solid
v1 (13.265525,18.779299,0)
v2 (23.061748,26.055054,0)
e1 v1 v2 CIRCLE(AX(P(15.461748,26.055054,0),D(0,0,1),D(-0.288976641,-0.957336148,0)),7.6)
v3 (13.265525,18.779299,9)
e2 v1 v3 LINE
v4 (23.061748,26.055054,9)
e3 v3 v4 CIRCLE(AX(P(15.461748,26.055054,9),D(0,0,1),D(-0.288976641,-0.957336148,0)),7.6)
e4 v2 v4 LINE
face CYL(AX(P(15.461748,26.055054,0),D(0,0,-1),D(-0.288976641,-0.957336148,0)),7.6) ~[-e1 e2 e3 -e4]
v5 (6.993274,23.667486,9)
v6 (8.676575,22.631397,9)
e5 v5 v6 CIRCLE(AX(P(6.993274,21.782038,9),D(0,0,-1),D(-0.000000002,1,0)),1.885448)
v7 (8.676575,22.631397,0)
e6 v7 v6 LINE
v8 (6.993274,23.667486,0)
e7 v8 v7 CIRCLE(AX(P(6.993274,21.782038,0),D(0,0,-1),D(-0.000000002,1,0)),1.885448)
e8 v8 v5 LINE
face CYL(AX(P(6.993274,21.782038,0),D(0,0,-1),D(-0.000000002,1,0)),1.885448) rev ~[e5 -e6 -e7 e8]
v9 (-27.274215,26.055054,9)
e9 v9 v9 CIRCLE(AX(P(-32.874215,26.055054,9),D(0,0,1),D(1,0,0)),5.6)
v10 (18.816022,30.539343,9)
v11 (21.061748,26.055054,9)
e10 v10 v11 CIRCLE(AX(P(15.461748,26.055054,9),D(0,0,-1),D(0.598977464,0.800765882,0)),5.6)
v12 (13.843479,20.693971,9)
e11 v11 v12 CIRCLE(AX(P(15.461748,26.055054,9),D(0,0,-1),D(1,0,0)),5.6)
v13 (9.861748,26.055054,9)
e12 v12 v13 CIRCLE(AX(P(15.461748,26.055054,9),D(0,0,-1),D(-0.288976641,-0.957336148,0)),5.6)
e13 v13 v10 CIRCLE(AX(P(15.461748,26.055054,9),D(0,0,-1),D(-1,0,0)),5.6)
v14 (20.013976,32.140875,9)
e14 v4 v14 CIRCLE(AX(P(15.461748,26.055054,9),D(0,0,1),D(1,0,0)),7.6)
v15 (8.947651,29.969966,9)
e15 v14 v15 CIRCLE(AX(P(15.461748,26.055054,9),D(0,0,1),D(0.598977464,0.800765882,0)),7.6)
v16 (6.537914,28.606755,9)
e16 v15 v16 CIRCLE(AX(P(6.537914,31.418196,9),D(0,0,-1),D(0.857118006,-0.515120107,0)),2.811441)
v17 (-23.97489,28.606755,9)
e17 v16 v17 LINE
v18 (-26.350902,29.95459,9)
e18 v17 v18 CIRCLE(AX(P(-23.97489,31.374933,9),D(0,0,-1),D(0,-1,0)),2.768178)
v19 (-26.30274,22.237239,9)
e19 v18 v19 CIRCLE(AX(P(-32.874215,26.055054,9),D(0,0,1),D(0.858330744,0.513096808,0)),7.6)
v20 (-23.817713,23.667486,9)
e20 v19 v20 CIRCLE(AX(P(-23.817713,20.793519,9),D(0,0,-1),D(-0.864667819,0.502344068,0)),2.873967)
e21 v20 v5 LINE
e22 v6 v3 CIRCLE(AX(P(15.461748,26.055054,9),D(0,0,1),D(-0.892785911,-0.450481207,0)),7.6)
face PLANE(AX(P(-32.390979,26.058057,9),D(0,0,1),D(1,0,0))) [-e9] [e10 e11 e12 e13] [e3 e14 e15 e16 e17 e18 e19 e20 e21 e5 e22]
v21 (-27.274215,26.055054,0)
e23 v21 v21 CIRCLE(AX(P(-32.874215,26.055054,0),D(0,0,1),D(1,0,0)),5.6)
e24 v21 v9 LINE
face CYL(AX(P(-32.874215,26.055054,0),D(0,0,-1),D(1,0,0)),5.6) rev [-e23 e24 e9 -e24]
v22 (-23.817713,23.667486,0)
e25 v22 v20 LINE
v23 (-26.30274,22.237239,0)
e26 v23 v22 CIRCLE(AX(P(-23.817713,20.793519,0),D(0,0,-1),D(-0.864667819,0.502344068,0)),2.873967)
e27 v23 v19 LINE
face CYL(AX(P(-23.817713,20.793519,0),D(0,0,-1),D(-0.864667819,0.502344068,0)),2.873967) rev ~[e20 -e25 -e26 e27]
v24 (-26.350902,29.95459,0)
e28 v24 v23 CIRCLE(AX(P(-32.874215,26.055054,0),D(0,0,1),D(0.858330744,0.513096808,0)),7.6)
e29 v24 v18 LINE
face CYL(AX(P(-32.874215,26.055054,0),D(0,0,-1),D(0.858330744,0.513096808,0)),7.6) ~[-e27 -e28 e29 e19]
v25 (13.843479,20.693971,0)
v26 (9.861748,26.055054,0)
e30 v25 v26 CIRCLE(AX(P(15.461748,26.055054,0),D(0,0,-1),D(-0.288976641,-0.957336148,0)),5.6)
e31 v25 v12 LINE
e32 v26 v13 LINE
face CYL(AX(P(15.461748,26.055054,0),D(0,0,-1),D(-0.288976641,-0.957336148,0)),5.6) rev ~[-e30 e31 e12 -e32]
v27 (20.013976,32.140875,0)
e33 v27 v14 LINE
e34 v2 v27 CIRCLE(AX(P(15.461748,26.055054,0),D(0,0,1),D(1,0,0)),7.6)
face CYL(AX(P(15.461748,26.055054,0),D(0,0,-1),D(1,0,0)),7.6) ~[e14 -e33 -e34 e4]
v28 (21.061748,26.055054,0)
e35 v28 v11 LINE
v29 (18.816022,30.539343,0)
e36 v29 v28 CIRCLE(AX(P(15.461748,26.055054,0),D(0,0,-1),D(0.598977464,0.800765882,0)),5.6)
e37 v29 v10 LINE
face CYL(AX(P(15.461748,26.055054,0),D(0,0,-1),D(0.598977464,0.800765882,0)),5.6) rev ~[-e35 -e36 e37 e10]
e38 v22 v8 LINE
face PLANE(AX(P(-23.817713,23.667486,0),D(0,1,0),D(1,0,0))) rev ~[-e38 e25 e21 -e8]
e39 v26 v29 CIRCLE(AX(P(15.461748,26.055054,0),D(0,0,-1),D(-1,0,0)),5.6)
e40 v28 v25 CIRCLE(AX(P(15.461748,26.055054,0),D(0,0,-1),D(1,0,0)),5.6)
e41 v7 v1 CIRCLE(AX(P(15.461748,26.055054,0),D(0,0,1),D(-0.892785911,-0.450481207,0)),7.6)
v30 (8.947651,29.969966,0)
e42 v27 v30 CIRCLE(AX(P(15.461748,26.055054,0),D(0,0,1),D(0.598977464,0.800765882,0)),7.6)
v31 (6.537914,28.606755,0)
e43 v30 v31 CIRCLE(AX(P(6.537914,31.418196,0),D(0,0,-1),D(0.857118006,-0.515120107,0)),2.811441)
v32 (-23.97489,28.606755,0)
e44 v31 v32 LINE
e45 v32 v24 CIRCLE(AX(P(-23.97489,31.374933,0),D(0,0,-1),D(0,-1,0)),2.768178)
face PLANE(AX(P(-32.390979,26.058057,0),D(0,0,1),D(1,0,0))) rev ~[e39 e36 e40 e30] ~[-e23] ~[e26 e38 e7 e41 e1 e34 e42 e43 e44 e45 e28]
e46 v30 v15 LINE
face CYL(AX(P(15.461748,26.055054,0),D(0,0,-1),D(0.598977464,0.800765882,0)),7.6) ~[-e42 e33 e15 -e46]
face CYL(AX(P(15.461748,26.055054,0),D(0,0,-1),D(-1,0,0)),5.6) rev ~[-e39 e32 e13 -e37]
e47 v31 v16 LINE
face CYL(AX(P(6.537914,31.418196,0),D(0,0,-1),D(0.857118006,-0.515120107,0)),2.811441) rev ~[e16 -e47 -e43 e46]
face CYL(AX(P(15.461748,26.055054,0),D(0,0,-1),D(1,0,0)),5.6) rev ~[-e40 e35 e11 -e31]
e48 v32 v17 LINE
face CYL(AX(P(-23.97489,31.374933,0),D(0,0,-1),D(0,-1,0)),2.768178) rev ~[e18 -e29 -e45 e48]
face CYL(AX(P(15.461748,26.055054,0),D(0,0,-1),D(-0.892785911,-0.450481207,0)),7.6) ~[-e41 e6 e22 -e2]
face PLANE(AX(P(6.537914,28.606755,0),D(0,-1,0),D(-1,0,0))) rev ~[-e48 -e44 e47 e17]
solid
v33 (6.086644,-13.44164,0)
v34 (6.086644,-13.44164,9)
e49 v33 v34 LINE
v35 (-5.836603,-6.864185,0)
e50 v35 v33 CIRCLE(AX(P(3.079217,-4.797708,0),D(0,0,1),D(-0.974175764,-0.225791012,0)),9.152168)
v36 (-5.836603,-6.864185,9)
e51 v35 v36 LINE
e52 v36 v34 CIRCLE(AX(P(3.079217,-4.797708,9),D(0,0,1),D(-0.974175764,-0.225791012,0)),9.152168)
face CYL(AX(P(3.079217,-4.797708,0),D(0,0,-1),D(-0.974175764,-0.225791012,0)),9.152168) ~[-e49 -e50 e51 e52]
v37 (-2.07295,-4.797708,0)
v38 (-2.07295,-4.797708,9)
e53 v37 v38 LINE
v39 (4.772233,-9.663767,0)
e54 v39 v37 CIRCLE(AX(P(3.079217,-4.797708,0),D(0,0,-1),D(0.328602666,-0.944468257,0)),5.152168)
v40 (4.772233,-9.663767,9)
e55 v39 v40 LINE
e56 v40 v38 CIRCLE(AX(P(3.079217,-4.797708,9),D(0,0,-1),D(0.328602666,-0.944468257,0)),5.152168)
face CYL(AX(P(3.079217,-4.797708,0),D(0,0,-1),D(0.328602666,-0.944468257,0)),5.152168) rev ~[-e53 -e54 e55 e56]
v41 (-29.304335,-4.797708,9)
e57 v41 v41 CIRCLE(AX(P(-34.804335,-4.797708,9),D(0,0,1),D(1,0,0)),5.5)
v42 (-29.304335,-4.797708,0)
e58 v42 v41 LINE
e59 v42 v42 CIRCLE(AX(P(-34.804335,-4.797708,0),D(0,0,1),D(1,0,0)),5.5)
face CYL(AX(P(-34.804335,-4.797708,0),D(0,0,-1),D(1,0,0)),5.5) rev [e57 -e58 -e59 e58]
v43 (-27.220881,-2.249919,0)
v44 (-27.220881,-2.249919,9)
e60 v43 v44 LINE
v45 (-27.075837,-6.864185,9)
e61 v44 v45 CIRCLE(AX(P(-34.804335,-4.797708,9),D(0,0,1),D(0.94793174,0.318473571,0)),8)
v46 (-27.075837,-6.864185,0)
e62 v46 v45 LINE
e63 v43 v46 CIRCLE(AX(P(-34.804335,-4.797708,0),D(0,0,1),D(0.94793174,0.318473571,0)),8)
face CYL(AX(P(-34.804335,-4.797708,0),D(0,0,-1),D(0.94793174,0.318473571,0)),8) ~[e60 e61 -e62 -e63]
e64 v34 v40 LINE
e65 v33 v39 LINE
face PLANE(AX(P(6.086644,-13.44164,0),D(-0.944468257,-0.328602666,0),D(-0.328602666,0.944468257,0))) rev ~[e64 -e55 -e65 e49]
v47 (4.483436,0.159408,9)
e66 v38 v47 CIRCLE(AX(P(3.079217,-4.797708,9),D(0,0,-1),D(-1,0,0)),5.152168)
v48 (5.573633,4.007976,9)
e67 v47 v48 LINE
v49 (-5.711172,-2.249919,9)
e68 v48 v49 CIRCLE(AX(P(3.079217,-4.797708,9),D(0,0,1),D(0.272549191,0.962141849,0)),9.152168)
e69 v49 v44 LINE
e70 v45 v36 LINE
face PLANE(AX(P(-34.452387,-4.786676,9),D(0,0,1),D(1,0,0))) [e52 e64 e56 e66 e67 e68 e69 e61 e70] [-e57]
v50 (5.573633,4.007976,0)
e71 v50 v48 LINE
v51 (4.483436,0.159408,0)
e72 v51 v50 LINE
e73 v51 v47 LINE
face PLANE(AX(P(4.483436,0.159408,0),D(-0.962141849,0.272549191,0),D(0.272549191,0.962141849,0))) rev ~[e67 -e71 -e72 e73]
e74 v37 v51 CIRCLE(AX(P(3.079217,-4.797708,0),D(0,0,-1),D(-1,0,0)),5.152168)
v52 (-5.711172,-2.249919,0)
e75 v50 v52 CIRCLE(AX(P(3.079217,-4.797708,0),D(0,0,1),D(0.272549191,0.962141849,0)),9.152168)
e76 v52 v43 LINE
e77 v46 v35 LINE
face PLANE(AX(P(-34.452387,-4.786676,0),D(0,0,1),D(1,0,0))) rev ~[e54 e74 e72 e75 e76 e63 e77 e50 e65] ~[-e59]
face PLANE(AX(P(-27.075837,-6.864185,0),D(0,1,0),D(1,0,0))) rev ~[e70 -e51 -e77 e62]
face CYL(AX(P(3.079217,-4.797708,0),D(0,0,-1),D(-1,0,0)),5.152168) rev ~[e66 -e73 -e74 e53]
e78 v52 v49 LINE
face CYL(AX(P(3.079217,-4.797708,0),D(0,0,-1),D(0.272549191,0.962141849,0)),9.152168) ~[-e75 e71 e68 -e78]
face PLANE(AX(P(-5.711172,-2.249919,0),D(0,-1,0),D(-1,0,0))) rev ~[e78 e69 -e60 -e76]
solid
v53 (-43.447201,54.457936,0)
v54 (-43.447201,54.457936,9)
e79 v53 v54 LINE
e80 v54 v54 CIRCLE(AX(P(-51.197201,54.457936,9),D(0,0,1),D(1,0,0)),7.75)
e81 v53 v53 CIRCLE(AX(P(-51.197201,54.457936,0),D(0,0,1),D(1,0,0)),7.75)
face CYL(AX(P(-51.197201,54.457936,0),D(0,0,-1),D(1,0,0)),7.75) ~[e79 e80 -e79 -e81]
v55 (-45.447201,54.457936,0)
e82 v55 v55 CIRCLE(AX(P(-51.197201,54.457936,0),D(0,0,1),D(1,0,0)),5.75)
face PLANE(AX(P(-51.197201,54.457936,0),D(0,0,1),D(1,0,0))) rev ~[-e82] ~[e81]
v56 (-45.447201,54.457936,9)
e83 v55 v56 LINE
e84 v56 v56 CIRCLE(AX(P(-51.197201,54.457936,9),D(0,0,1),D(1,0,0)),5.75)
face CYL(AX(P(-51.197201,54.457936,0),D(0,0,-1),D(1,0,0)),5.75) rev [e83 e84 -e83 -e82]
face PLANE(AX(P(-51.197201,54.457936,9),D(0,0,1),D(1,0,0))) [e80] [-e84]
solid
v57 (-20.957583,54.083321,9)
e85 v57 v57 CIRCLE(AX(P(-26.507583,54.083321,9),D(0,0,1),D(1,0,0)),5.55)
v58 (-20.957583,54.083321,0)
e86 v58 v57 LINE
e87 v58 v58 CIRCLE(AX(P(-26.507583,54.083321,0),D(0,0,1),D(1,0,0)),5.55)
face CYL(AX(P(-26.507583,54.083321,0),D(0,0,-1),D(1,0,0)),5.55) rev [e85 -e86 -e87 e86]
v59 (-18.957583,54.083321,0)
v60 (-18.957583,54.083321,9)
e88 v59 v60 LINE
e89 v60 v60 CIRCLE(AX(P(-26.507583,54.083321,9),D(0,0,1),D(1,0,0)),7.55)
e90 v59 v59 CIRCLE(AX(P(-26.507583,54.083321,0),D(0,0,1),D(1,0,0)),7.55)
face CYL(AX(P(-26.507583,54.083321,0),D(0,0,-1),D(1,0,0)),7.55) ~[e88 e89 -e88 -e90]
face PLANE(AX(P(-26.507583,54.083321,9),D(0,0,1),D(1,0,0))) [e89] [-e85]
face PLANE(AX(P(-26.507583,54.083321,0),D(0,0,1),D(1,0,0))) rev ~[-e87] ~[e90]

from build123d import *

# Parameters (mm, degrees)
F0_R     = 5.6
F1_DEPTH = 9
F0_R_2   = 5.5
F2_R     = 7.75
F2_R_2   = 5.75
F3_DEPTH = 9
F2_R_3   = 7.55
F2_R_4   = 5.55


with BuildPart() as f1:
    # F0 (on Top) → F1 (new body)
    with BuildSketch(Plane.XY):
        with BuildLine():
            ThreePointArc((-25.6589871965, 23.6674857575), (-25.3710249477, 24.845867098), (-25.2742154187, 26.0550539139))
            ThreePointArc((-25.2742154187, 26.0550539139), (-25.3853205074, 27.3498330484), (-25.7153872627, 28.6067551958))
            ThreePointArc((-25.7153872627, 28.6067551958), (-26.0000307004, 29.2962858493), (-26.3509017676, 29.9545896567))
            ThreePointArc((-26.3509017676, 29.9545896567), (-40.474067426, 26.007625361), (-26.3027399391, 22.2372390912))
            ThreePointArc((-26.3027399391, 22.2372390912), (-25.9438690261, 22.9357112143), (-25.6589871965, 23.6674857575))
        make_face()
        with Locations((-32.8742154187, 26.0550539139)):
            Circle(F0_R, mode=Mode.SUBTRACT)
        with BuildLine():
            Line((7.861747735, 26.0550539139), (-25.2742154187, 26.0550539139))
            ThreePointArc((-25.2742154187, 26.0550539139), (-25.3710249477, 24.845867098), (-25.6589871965, 23.6674857575))
            Line((-25.6589871965, 23.6674857575), (-23.8177132642, 23.6674857575))
            Line((-23.8177132642, 23.6674857575), (6.9932735761, 23.6674857575))
            Line((6.9932735761, 23.6674857575), (8.2465195128, 23.6674857575))
            ThreePointArc((8.2465195128, 23.6674857575), (7.958557264, 24.845867098), (7.861747735, 26.0550539139))
        make_face()
        with BuildLine():
            ThreePointArc((-25.7153872627, 28.6067551958), (-25.3853205074, 27.3498330484), (-25.2742154187, 26.0550539139))
            Line((-25.2742154187, 26.0550539139), (7.861747735, 26.0550539139))
            ThreePointArc((7.861747735, 26.0550539139), (7.9728528237, 27.3498330484), (8.3029195789, 28.6067551958))
            Line((8.3029195789, 28.6067551958), (6.5379139452, 28.6067551958))
            Line((6.5379139452, 28.6067551958), (-23.9748898894, 28.6067551958))
            Line((-23.9748898894, 28.6067551958), (-25.7153872627, 28.6067551958))
        make_face()
        with BuildLine():
            Line((9.861747735, 26.0550539139), (7.861747735, 26.0550539139))
            ThreePointArc((7.861747735, 26.0550539139), (7.958557264, 24.845867098), (8.2465195128, 23.6674857575))
            ThreePointArc((8.2465195128, 23.6674857575), (8.4424045926, 23.1414956341), (8.6765748147, 22.6313967404))
            ThreePointArc((8.6765748147, 22.6313967404), (10.5754372974, 20.2340599861), (13.2655252622, 18.7792991867))
            Line((13.2655252622, 18.7792991867), (13.8434785445, 20.6939714834))
            ThreePointArc((13.8434785445, 20.6939714834), (10.9660660588, 22.7160651049), (9.861747735, 26.0550539139))
        make_face()
        with BuildLine():
            ThreePointArc((8.3029195789, 28.6067551958), (7.9728528237, 27.3498330484), (7.861747735, 26.0550539139))
            Line((7.861747735, 26.0550539139), (9.861747735, 26.0550539139))
            ThreePointArc((9.861747735, 26.0550539139), (12.9541525991, 31.0622454056), (18.816021533, 30.5393428528))
            Line((18.816021533, 30.5393428528), (20.0139764609, 32.1408746167))
            ThreePointArc((20.0139764609, 32.1408746167), (13.9987226688, 33.5129059945), (8.947650731, 29.9699664574))
            ThreePointArc((8.947650731, 29.9699664574), (8.5913906232, 29.304391255), (8.3029195789, 28.6067551958))
        make_face()
        with BuildLine():
            Line((20.0139764609, 32.1408746167), (18.816021533, 30.5393428528))
            ThreePointArc((18.816021533, 30.5393428528), (20.4689392267, 28.5626490498), (21.061747735, 26.0550539139))
            ThreePointArc((21.061747735, 26.0550539139), (18.800736544, 21.5593722377), (13.8434785445, 20.6939714834))
            Line((13.8434785445, 20.6939714834), (13.2655252622, 18.7792991867))
            ThreePointArc((13.2655252622, 18.7792991867), (19.9932325472, 19.9537716391), (23.061747735, 26.0550539139))
            ThreePointArc((23.061747735, 26.0550539139), (22.2572219023, 29.4582187412), (20.0139764609, 32.1408746167))
        make_face()
        with BuildLine():
            ThreePointArc((-26.3509017676, 29.9545896567), (-26.0000307004, 29.2962858493), (-25.7153872627, 28.6067551958))
            Line((-25.7153872627, 28.6067551958), (-23.9748898894, 28.6067551958))
            ThreePointArc((-23.9748898894, 28.6067551958), (-25.3407312216, 28.9671776918), (-26.3509017676, 29.9545896567))
        make_face()
        with BuildLine():
            Line((-23.8177132642, 23.6674857575), (-25.6589871965, 23.6674857575))
            ThreePointArc((-25.6589871965, 23.6674857575), (-25.9438690261, 22.9357112143), (-26.3027399391, 22.2372390912))
            ThreePointArc((-26.3027399391, 22.2372390912), (-25.2513243605, 23.2843911851), (-23.8177132642, 23.6674857575))
        make_face()
        with BuildLine():
            Line((6.5379139452, 28.6067551958), (8.3029195789, 28.6067551958))
            ThreePointArc((8.3029195789, 28.6067551958), (8.5913906232, 29.304391255), (8.947650731, 29.9699664574))
            ThreePointArc((8.947650731, 29.9699664574), (7.9222166861, 28.9711762777), (6.5379139452, 28.6067551958))
        make_face()
        with BuildLine():
            ThreePointArc((8.6765748147, 22.6313967404), (8.4424045926, 23.1414956341), (8.2465195128, 23.6674857575))
            Line((8.2465195128, 23.6674857575), (6.9932735761, 23.6674857575))
            ThreePointArc((6.9932735761, 23.6674857575), (7.9815781239, 23.3877052739), (8.6765748147, 22.6313967404))
        make_face()
    extrude(amount=F1_DEPTH)


with BuildPart() as f1b:
    # F0 (on Top) → F1, piece 2 (new body)
    with BuildSketch(Plane.XY):
        with BuildLine():
            ThreePointArc((-27.0758371224, -6.864185135), (-26.8725005831, -5.8398261755), (-26.8043345189, -4.7977079413))
            ThreePointArc((-26.8043345189, -4.7977079413), (-26.9091577828, -3.5069003239), (-27.2208805952, -2.2499193733))
            ThreePointArc((-27.2208805952, -2.2499193733), (-42.800385134, -5.0490534445), (-27.0758371224, -6.864185135))
        make_face()
        with Locations((-34.8043345189, -4.7977079413)):
            Circle(F0_R_2, mode=Mode.SUBTRACT)
        with BuildLine():
            ThreePointArc((-27.2208805952, -2.2499193733), (-26.9091577828, -3.5069003239), (-26.8043345189, -4.7977079413))
            Line((-26.8043345189, -4.7977079413), (-6.0729504156, -4.7977079413))
            ThreePointArc((-6.0729504156, -4.7977079413), (-5.9820544851, -3.5110348984), (-5.7111721829, -2.2499193733))
            Line((-5.7111721829, -2.2499193733), (-27.2208805952, -2.2499193733))
        make_face()
        with BuildLine():
            Line((-6.0729504156, -4.7977079413), (-26.8043345189, -4.7977079413))
            ThreePointArc((-26.8043345189, -4.7977079413), (-26.8725005831, -5.8398261755), (-27.0758371224, -6.864185135))
            Line((-27.0758371224, -6.864185135), (-5.8366026775, -6.864185135))
            ThreePointArc((-5.8366026775, -6.864185135), (-6.0136715053, -5.8376824897), (-6.0729504156, -4.7977079413))
        make_face()
        with BuildLine():
            Line((-2.0729504156, -4.7977079413), (-6.0729504156, -4.7977079413))
            ThreePointArc((-6.0729504156, -4.7977079413), (-6.0136715053, -5.8376824897), (-5.8366026775, -6.864185135))
            ThreePointArc((-5.8366026775, -6.864185135), (-1.3415298691, -12.8113942196), (6.0866439305, -13.4416397683))
            Line((6.0866439305, -13.4416397683), (4.7722332653, -9.663766742))
            ThreePointArc((4.7722332653, -9.663766742), (0.0940766118, -8.9969658482), (-2.0729504156, -4.7977079413))
        make_face()
        with BuildLine():
            ThreePointArc((-5.7111721829, -2.2499193733), (-5.9820544851, -3.5110348984), (-6.0729504156, -4.7977079413))
            Line((-6.0729504156, -4.7977079413), (-2.0729504156, -4.7977079413))
            ThreePointArc((-2.0729504156, -4.7977079413), (-0.0280371107, -0.6879875201), (4.4834363629, 0.159408173))
            Line((4.4834363629, 0.159408173), (5.5736331269, 4.0079755709))
            ThreePointArc((5.5736331269, 4.0079755709), (-1.3592659448, 3.2061686063), (-5.7111721829, -2.2499193733))
        make_face()
    extrude(amount=F1_DEPTH)


with BuildPart() as f3:
    # F2 (on Top) → F3 (new body)
    with BuildSketch(Plane.XY):
        with Locations((-51.1972010136, 54.4579364359)):
            Circle(F2_R)
        with Locations((-51.1972010136, 54.4579364359)):
            Circle(F2_R_2, mode=Mode.SUBTRACT)
    extrude(amount=F3_DEPTH)


with BuildPart() as f3b:
    # F2 (on Top) → F3, piece 2 (new body)
    with BuildSketch(Plane.XY):
        with Locations((-26.5075825155, 54.0833212435)):
            Circle(F2_R_3)
        with Locations((-26.5075825155, 54.0833212435)):
            Circle(F2_R_4, mode=Mode.SUBTRACT)
    extrude(amount=F3_DEPTH)


solid = Compound([f1.part, f1b.part, f3.part, f3b.part])
